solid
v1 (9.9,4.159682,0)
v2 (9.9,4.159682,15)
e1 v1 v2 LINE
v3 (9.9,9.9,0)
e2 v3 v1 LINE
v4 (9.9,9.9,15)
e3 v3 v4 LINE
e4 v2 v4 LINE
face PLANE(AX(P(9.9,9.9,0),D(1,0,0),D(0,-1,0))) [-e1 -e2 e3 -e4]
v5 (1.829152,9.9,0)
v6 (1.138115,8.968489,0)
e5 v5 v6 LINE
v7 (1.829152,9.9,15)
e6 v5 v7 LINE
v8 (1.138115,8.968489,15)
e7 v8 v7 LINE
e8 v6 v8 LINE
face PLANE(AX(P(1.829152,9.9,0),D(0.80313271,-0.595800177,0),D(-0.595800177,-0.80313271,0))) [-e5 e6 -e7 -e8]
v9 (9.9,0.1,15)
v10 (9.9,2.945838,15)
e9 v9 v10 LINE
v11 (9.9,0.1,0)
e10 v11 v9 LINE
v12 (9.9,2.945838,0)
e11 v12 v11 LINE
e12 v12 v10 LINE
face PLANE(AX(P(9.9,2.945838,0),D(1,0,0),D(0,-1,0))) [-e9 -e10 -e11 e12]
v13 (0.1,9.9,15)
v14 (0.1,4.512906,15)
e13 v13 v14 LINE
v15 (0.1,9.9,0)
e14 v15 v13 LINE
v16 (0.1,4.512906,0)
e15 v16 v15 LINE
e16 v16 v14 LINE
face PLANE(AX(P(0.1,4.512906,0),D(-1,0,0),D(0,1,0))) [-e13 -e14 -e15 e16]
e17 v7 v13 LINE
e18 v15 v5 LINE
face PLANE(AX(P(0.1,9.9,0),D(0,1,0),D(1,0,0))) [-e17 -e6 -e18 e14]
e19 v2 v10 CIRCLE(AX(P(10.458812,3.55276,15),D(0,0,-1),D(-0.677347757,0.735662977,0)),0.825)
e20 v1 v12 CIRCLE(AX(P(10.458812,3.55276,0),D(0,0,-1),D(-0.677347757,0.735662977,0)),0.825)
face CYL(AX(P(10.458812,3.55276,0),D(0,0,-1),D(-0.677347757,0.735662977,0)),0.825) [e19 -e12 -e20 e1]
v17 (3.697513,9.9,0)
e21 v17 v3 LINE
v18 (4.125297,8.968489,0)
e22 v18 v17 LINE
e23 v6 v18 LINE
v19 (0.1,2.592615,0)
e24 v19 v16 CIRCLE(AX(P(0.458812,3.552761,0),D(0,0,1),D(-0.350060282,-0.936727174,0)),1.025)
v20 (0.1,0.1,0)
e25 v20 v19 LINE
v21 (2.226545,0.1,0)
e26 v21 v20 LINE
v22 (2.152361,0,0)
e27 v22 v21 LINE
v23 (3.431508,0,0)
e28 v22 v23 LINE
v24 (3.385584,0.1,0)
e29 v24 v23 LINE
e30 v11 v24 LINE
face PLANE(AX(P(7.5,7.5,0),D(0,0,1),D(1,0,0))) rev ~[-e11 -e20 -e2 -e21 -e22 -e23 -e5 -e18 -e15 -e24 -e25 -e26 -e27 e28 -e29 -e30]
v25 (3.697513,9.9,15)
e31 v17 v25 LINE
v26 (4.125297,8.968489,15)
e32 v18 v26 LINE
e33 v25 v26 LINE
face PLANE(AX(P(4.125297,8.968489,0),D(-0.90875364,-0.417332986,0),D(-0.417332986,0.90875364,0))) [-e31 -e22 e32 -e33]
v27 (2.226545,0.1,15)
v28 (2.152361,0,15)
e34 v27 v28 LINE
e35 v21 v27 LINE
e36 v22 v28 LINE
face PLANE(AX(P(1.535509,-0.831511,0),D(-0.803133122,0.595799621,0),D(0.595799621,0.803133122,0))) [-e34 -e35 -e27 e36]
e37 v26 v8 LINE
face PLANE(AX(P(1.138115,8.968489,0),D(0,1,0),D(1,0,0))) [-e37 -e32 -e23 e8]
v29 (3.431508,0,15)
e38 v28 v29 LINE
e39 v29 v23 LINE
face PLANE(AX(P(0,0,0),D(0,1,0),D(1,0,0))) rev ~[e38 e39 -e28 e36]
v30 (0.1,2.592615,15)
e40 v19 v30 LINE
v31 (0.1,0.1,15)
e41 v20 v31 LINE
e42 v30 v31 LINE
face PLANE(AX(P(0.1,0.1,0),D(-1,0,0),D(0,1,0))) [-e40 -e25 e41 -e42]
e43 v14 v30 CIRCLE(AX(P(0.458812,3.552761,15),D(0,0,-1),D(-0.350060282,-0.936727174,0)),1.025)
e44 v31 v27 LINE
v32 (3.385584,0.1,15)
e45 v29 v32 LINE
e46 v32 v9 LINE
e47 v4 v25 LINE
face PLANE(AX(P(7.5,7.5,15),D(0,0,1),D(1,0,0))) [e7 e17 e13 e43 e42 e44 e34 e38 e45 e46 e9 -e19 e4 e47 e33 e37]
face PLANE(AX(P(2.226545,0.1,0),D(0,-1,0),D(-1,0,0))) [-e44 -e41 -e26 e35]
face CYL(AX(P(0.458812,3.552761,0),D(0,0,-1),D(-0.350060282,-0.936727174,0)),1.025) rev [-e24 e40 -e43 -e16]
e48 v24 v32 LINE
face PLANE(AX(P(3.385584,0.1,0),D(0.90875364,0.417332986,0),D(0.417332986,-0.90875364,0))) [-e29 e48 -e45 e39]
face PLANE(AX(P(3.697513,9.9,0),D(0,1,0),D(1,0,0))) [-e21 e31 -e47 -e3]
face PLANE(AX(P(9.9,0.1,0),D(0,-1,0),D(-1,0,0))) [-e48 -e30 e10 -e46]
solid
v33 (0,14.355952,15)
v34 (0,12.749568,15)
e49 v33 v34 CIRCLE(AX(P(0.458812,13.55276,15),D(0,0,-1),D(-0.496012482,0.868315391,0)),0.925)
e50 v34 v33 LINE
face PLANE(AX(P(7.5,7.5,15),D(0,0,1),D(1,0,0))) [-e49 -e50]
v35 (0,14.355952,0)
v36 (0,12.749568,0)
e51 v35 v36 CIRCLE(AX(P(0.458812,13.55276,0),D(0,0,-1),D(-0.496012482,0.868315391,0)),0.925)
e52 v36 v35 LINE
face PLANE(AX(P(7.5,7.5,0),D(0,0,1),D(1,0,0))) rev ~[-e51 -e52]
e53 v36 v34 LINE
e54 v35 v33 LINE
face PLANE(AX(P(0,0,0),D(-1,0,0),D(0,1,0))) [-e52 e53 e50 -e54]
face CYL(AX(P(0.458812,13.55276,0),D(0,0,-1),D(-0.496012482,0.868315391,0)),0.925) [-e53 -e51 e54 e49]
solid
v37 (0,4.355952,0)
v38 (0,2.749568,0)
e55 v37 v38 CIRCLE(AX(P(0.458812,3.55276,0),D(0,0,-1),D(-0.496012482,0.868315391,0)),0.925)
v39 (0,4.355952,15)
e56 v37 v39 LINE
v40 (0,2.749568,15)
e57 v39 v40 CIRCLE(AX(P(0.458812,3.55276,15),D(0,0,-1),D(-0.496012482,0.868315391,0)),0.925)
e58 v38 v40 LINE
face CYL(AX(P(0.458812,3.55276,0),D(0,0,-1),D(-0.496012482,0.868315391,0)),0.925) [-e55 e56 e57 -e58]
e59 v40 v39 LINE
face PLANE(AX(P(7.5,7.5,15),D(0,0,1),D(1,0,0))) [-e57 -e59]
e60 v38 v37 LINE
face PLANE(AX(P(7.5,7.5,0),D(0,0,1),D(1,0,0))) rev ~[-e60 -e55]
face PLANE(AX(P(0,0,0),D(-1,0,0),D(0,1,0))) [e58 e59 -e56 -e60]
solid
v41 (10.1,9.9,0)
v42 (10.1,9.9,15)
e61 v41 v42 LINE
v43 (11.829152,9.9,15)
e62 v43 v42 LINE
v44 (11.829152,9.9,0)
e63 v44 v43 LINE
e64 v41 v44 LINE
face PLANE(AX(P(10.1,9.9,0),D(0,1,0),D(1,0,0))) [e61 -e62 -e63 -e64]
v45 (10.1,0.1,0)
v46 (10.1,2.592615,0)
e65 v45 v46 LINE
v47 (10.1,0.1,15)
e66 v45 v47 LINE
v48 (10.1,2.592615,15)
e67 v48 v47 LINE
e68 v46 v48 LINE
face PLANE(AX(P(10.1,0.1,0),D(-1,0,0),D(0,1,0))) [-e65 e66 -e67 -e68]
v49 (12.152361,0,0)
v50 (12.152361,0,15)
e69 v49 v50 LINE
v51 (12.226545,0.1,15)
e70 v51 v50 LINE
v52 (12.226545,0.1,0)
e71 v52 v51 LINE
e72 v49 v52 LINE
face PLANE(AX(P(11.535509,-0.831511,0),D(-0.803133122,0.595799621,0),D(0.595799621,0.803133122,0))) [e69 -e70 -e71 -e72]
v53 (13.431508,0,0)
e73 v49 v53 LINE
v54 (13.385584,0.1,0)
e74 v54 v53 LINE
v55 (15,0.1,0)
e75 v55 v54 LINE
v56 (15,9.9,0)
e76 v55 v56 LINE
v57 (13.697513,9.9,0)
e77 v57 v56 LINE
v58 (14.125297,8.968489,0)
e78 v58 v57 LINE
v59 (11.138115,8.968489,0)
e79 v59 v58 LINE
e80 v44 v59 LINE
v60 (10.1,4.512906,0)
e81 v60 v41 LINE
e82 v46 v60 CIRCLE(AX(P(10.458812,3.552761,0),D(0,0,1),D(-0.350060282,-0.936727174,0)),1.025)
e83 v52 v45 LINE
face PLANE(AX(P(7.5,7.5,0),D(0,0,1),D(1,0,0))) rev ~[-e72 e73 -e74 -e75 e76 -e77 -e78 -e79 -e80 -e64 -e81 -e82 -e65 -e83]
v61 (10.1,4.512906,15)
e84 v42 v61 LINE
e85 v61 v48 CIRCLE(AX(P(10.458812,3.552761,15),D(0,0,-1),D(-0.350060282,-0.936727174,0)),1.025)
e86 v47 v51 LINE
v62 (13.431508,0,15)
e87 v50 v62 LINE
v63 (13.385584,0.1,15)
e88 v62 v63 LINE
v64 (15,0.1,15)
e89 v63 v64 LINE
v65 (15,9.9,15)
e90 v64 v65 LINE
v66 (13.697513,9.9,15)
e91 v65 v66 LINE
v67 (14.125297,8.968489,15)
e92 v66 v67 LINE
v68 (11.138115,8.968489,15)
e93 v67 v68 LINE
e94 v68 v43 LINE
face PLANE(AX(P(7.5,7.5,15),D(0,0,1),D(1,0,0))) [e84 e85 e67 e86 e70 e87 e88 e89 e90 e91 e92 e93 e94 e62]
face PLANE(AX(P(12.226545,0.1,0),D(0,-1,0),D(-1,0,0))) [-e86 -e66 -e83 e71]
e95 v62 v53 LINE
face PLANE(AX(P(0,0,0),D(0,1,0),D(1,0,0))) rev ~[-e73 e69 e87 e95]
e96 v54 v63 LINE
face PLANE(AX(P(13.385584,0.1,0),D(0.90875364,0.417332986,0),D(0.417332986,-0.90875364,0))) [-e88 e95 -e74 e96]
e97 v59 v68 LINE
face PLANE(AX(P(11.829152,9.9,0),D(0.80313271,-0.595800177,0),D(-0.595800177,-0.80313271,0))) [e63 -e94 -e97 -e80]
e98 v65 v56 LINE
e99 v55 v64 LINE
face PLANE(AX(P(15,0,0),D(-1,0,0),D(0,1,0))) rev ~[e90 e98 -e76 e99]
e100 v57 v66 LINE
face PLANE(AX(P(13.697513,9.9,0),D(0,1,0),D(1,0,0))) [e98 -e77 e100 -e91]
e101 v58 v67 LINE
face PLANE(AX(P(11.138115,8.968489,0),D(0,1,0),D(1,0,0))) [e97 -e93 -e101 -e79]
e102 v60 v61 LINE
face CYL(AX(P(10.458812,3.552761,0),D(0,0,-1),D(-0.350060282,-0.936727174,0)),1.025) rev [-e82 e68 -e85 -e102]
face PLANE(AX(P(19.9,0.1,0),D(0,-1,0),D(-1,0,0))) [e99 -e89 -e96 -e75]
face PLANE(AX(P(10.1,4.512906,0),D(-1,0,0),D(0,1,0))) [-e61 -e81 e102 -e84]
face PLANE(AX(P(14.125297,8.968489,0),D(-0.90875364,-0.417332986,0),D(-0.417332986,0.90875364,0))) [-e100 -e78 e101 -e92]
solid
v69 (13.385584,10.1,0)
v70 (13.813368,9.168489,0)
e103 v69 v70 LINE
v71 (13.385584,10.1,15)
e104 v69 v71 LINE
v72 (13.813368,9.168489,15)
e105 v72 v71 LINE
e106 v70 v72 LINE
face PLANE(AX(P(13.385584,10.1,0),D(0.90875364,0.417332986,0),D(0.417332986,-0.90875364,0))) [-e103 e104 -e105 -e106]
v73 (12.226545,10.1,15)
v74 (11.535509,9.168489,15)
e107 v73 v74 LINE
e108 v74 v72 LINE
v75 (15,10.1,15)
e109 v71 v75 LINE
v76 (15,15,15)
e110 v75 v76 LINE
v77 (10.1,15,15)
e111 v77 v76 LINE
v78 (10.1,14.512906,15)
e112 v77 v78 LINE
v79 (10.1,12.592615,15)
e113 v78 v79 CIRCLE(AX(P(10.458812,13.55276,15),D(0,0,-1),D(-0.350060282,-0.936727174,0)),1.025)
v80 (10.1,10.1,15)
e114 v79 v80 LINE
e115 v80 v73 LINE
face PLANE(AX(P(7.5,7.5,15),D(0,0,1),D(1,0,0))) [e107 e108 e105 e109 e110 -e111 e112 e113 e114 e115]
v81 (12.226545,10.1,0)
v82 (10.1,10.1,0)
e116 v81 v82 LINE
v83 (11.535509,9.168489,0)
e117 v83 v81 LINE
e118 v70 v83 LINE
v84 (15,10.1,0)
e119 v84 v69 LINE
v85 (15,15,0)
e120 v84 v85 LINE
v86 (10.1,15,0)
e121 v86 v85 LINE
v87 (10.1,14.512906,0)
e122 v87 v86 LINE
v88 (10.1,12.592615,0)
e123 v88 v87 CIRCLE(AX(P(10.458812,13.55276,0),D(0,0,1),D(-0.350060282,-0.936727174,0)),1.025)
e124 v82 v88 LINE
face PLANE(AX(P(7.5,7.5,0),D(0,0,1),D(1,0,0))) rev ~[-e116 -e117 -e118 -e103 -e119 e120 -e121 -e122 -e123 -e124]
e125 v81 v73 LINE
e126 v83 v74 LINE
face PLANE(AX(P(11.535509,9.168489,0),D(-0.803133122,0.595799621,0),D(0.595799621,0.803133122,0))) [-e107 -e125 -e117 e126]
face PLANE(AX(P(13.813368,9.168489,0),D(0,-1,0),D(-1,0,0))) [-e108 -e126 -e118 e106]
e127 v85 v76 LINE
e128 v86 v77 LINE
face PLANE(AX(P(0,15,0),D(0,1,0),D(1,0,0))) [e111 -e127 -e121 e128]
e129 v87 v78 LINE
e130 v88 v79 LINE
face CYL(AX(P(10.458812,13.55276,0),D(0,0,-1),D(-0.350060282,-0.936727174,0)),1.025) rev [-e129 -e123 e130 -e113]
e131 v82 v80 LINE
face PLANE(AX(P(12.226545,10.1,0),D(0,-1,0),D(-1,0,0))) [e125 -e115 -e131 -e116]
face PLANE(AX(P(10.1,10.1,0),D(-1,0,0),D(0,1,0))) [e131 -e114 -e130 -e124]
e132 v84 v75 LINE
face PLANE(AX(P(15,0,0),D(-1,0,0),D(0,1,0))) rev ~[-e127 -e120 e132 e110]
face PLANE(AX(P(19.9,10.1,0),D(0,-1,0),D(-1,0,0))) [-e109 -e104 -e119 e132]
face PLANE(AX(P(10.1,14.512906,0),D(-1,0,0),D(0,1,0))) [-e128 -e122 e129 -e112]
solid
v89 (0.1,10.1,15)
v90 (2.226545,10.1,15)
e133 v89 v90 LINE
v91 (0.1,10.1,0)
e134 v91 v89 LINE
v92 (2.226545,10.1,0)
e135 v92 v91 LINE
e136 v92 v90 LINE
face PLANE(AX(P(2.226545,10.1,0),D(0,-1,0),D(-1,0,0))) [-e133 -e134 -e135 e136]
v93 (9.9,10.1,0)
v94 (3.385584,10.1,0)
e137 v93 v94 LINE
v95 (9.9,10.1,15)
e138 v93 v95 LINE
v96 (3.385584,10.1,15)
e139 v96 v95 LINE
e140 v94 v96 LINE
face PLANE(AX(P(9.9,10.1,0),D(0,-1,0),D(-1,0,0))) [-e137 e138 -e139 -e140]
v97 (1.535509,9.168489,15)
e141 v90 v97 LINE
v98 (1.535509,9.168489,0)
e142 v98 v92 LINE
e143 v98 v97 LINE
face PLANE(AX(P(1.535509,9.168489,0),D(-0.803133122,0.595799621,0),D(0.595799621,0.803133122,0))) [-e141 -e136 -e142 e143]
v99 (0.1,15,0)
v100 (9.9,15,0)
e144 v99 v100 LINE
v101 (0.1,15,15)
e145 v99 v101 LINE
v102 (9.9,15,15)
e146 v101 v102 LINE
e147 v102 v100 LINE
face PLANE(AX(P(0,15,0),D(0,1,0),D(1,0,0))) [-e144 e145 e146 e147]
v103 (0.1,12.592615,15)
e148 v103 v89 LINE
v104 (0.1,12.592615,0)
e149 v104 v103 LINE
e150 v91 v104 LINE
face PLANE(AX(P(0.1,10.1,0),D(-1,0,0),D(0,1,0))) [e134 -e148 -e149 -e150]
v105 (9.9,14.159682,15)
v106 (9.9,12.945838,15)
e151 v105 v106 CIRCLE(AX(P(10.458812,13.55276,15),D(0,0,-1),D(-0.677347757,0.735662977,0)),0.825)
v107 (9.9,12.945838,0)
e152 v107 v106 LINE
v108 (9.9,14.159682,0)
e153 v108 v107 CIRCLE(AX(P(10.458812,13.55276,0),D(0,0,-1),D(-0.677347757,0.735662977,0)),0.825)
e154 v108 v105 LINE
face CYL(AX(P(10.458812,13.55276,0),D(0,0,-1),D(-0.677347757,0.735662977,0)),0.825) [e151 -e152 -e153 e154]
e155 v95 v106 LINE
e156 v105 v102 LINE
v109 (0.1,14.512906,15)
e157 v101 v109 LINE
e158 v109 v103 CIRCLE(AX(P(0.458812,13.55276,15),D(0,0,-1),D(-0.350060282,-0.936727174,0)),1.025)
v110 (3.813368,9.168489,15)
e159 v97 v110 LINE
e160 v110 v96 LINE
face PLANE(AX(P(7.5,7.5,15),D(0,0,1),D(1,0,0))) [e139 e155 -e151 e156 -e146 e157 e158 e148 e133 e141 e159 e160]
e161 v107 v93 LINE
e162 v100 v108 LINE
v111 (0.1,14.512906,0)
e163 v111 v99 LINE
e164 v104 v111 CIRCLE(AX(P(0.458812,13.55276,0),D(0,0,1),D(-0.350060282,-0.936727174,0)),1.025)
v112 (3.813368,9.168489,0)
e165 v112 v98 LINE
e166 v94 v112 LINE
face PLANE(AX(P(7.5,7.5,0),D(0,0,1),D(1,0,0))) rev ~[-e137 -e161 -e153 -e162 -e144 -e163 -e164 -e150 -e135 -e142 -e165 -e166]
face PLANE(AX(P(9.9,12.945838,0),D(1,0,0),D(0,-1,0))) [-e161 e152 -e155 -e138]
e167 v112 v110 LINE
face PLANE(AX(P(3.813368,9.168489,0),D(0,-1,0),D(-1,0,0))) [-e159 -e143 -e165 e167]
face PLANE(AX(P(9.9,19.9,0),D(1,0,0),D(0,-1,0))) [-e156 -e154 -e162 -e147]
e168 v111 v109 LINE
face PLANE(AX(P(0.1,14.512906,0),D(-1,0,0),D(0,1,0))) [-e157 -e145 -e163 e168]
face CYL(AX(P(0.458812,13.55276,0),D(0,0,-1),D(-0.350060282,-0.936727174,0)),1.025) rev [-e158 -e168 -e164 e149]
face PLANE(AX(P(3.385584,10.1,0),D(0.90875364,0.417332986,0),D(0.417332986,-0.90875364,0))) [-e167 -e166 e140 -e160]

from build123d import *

# Parameters (mm, degrees)
F1_W     = 15
F1_H     = 15
F2_DEPTH = 15
F3_DEPTH = 15.001


with BuildPart() as f2:
    # F1 (on Top) → F2 (new body)
    with BuildSketch(Plane.XY):
        with Locations((7.5, 7.5)):
            Rectangle(F1_W, F1_H)
    extrude(amount=F2_DEPTH)

    # F0 (on Top) → F3 (cut, through all)
    with BuildSketch(Plane.XY):
        with BuildLine():
            Line((10, 2.749568), (10, 0))
            Line((10, 0), (12.027849, 0))
            Line((12.027849, 0), (11.336812, -0.931511))
            Line((11.336812, -0.931511), (13.969333, -0.931511))
            Line((13.969333, -0.931511), (13.541549, 0))
            Line((13.541549, 0), (20, 0))
            Line((20, 0), (20, 2.749568))
            ThreePointArc((20, 2.749568), (21.383812, 3.55276), (20, 4.355952))
            Line((20, 4.355952), (20, 10))
            Line((20, 10), (13.541549, 10))
            Line((13.541549, 10), (13.969333, 9.068489))
            Line((13.969333, 9.068489), (11.336812, 9.068489))
            Line((11.336812, 9.068489), (12.027849, 10))
            Line((12.027849, 10), (10, 10))
            Line((10, 10), (10, 4.355952))
            ThreePointArc((10, 4.355952), (11.383812, 3.55276), (10, 2.749568))
        make_face()
        with BuildLine():
            Line((11.829152, 9.9), (11.138115, 8.968489))
            Line((11.138115, 8.968489), (14.125297, 8.968489))
            Line((14.125297, 8.968489), (13.697513, 9.9))
            Line((13.697513, 9.9), (19.9, 9.9))
            Line((19.9, 9.9), (19.9, 4.159682))
            ThreePointArc((19.9, 4.159682), (21.283812, 3.55276), (19.9, 2.945838))
            Line((19.9, 2.945838), (19.9, 0.1))
            Line((19.9, 0.1), (13.385584, 0.1))
            Line((13.385584, 0.1), (13.813368, -0.831511))
            Line((13.813368, -0.831511), (11.535509, -0.831511))
            Line((11.535509, -0.831511), (12.226545, 0.1))
            Line((12.226545, 0.1), (10.1, 0.1))
            Line((10.1, 0.1), (10.1, 2.592615))
            ThreePointArc((10.1, 2.592615), (11.483812, 3.55276), (10.1, 4.512906))
            Line((10.1, 4.512906), (10.1, 9.9))
            Line((10.1, 9.9), (11.829152, 9.9))
        make_face(mode=Mode.SUBTRACT)
        with BuildLine():
            Line((0, 12.749568), (0, 10))
            Line((0, 10), (2.027849, 10))
            Line((2.027849, 10), (1.336812, 9.068489))
            Line((1.336812, 9.068489), (3.969333, 9.068489))
            Line((3.969333, 9.068489), (3.541549, 10))
            Line((3.541549, 10), (10, 10))
            Line((10, 10), (10, 12.749568))
            ThreePointArc((10, 12.749568), (11.383812, 13.55276), (10, 14.355952))
            Line((10, 14.355952), (10, 20))
            Line((10, 20), (3.541549, 20))
            Line((3.541549, 20), (3.969333, 19.068489))
            Line((3.969333, 19.068489), (1.336812, 19.068489))
            Line((1.336812, 19.068489), (2.027849, 20))
            Line((2.027849, 20), (0, 20))
            Line((0, 20), (0, 14.355952))
            ThreePointArc((0, 14.355952), (1.383812, 13.55276), (0, 12.749568))
        make_face()
        with BuildLine():
            Line((1.829152, 19.9), (1.138115, 18.968489))
            Line((1.138115, 18.968489), (4.125297, 18.968489))
            Line((4.125297, 18.968489), (3.697513, 19.9))
            Line((3.697513, 19.9), (9.9, 19.9))
            Line((9.9, 19.9), (9.9, 14.159682))
            ThreePointArc((9.9, 14.159682), (11.283812, 13.55276), (9.9, 12.945838))
            Line((9.9, 12.945838), (9.9, 10.1))
            Line((9.9, 10.1), (3.385584, 10.1))
            Line((3.385584, 10.1), (3.813368, 9.168489))
            Line((3.813368, 9.168489), (1.535509, 9.168489))
            Line((1.535509, 9.168489), (2.226545, 10.1))
            Line((2.226545, 10.1), (0.1, 10.1))
            Line((0.1, 10.1), (0.1, 12.592615))
            ThreePointArc((0.1, 12.592615), (1.483812, 13.55276), (0.1, 14.512906))
            Line((0.1, 14.512906), (0.1, 19.9))
            Line((0.1, 19.9), (1.829152, 19.9))
        make_face(mode=Mode.SUBTRACT)
        with BuildLine():
            Line((10, 12.749568), (10, 10))
            Line((10, 10), (12.027849, 10))
            Line((12.027849, 10), (11.336812, 9.068489))
            Line((11.336812, 9.068489), (13.969333, 9.068489))
            Line((13.969333, 9.068489), (13.541549, 10))
            Line((13.541549, 10), (20, 10))
            Line((20, 10), (20, 12.749568))
            ThreePointArc((20, 12.749568), (21.383812, 13.55276), (20, 14.355952))
            Line((20, 14.355952), (20, 20))
            Line((20, 20), (13.541549, 20))
            Line((13.541549, 20), (13.969333, 19.068489))
            Line((13.969333, 19.068489), (11.336812, 19.068489))
            Line((11.336812, 19.068489), (12.027849, 20))
            Line((12.027849, 20), (10, 20))
            Line((10, 20), (10, 14.355952))
            ThreePointArc((10, 14.355952), (11.383812, 13.55276), (10, 12.749568))
        make_face()
        with BuildLine():
            Line((11.829152, 19.9), (11.138115, 18.968489))
            Line((11.138115, 18.968489), (14.125297, 18.968489))
            Line((14.125297, 18.968489), (13.697513, 19.9))
            Line((13.697513, 19.9), (19.9, 19.9))
            Line((19.9, 19.9), (19.9, 14.159682))
            ThreePointArc((19.9, 14.159682), (21.283812, 13.55276), (19.9, 12.945838))
            Line((19.9, 12.945838), (19.9, 10.1))
            Line((19.9, 10.1), (13.385584, 10.1))
            Line((13.385584, 10.1), (13.813368, 9.168489))
            Line((13.813368, 9.168489), (11.535509, 9.168489))
            Line((11.535509, 9.168489), (12.226545, 10.1))
            Line((12.226545, 10.1), (10.1, 10.1))
            Line((10.1, 10.1), (10.1, 12.592615))
            ThreePointArc((10.1, 12.592615), (11.483812, 13.55276), (10.1, 14.512906))
            Line((10.1, 14.512906), (10.1, 19.9))
            Line((10.1, 19.9), (11.829152, 19.9))
        make_face(mode=Mode.SUBTRACT)
        with BuildLine():
            Line((0, 2.749568), (0, 0))
            Line((0, 0), (2.027849, 0))
            Line((2.027849, 0), (1.336812, -0.931511))
            Line((1.336812, -0.931511), (3.969333, -0.931511))
            Line((3.969333, -0.931511), (3.541549, 0))
            Line((3.541549, 0), (10, 0))
            Line((10, 0), (10, 2.749568))
            ThreePointArc((10, 2.749568), (11.383812, 3.55276), (10, 4.355952))
            Line((10, 4.355952), (10, 10))
            Line((10, 10), (3.541549, 10))
            Line((3.541549, 10), (3.969333, 9.068489))
            Line((3.969333, 9.068489), (1.336812, 9.068489))
            Line((1.336812, 9.068489), (2.027849, 10))
            Line((2.027849, 10), (0, 10))
            Line((0, 10), (0, 4.355952))
            ThreePointArc((0, 4.355952), (1.383812, 3.55276), (0, 2.749568))
        make_face()
        with BuildLine():
            Line((0.1, 0.1), (0.1, 2.592615))
            ThreePointArc((0.1, 2.592615), (1.483812, 3.55276), (0.1, 4.512906))
            Line((0.1, 4.512906), (0.1, 9.9))
            Line((0.1, 9.9), (1.829152, 9.9))
            Line((1.829152, 9.9), (1.138115, 8.968489))
            Line((1.138115, 8.968489), (4.125297, 8.968489))
            Line((4.125297, 8.968489), (3.697513, 9.9))
            Line((3.697513, 9.9), (9.9, 9.9))
            Line((9.9, 9.9), (9.9, 4.159682))
            ThreePointArc((9.9, 4.159682), (11.283812, 3.55276), (9.9, 2.945838))
            Line((9.9, 2.945838), (9.9, 0.1))
            Line((9.9, 0.1), (3.385584, 0.1))
            Line((3.385584, 0.1), (3.813368, -0.831511))
            Line((3.813368, -0.831511), (1.535509, -0.831511))
            Line((1.535509, -0.831511), (2.226545, 0.1))
            Line((2.226545, 0.1), (0.1, 0.1))
        make_face(mode=Mode.SUBTRACT)
    extrude(amount=F3_DEPTH, mode=Mode.SUBTRACT)


solid = f2.part
